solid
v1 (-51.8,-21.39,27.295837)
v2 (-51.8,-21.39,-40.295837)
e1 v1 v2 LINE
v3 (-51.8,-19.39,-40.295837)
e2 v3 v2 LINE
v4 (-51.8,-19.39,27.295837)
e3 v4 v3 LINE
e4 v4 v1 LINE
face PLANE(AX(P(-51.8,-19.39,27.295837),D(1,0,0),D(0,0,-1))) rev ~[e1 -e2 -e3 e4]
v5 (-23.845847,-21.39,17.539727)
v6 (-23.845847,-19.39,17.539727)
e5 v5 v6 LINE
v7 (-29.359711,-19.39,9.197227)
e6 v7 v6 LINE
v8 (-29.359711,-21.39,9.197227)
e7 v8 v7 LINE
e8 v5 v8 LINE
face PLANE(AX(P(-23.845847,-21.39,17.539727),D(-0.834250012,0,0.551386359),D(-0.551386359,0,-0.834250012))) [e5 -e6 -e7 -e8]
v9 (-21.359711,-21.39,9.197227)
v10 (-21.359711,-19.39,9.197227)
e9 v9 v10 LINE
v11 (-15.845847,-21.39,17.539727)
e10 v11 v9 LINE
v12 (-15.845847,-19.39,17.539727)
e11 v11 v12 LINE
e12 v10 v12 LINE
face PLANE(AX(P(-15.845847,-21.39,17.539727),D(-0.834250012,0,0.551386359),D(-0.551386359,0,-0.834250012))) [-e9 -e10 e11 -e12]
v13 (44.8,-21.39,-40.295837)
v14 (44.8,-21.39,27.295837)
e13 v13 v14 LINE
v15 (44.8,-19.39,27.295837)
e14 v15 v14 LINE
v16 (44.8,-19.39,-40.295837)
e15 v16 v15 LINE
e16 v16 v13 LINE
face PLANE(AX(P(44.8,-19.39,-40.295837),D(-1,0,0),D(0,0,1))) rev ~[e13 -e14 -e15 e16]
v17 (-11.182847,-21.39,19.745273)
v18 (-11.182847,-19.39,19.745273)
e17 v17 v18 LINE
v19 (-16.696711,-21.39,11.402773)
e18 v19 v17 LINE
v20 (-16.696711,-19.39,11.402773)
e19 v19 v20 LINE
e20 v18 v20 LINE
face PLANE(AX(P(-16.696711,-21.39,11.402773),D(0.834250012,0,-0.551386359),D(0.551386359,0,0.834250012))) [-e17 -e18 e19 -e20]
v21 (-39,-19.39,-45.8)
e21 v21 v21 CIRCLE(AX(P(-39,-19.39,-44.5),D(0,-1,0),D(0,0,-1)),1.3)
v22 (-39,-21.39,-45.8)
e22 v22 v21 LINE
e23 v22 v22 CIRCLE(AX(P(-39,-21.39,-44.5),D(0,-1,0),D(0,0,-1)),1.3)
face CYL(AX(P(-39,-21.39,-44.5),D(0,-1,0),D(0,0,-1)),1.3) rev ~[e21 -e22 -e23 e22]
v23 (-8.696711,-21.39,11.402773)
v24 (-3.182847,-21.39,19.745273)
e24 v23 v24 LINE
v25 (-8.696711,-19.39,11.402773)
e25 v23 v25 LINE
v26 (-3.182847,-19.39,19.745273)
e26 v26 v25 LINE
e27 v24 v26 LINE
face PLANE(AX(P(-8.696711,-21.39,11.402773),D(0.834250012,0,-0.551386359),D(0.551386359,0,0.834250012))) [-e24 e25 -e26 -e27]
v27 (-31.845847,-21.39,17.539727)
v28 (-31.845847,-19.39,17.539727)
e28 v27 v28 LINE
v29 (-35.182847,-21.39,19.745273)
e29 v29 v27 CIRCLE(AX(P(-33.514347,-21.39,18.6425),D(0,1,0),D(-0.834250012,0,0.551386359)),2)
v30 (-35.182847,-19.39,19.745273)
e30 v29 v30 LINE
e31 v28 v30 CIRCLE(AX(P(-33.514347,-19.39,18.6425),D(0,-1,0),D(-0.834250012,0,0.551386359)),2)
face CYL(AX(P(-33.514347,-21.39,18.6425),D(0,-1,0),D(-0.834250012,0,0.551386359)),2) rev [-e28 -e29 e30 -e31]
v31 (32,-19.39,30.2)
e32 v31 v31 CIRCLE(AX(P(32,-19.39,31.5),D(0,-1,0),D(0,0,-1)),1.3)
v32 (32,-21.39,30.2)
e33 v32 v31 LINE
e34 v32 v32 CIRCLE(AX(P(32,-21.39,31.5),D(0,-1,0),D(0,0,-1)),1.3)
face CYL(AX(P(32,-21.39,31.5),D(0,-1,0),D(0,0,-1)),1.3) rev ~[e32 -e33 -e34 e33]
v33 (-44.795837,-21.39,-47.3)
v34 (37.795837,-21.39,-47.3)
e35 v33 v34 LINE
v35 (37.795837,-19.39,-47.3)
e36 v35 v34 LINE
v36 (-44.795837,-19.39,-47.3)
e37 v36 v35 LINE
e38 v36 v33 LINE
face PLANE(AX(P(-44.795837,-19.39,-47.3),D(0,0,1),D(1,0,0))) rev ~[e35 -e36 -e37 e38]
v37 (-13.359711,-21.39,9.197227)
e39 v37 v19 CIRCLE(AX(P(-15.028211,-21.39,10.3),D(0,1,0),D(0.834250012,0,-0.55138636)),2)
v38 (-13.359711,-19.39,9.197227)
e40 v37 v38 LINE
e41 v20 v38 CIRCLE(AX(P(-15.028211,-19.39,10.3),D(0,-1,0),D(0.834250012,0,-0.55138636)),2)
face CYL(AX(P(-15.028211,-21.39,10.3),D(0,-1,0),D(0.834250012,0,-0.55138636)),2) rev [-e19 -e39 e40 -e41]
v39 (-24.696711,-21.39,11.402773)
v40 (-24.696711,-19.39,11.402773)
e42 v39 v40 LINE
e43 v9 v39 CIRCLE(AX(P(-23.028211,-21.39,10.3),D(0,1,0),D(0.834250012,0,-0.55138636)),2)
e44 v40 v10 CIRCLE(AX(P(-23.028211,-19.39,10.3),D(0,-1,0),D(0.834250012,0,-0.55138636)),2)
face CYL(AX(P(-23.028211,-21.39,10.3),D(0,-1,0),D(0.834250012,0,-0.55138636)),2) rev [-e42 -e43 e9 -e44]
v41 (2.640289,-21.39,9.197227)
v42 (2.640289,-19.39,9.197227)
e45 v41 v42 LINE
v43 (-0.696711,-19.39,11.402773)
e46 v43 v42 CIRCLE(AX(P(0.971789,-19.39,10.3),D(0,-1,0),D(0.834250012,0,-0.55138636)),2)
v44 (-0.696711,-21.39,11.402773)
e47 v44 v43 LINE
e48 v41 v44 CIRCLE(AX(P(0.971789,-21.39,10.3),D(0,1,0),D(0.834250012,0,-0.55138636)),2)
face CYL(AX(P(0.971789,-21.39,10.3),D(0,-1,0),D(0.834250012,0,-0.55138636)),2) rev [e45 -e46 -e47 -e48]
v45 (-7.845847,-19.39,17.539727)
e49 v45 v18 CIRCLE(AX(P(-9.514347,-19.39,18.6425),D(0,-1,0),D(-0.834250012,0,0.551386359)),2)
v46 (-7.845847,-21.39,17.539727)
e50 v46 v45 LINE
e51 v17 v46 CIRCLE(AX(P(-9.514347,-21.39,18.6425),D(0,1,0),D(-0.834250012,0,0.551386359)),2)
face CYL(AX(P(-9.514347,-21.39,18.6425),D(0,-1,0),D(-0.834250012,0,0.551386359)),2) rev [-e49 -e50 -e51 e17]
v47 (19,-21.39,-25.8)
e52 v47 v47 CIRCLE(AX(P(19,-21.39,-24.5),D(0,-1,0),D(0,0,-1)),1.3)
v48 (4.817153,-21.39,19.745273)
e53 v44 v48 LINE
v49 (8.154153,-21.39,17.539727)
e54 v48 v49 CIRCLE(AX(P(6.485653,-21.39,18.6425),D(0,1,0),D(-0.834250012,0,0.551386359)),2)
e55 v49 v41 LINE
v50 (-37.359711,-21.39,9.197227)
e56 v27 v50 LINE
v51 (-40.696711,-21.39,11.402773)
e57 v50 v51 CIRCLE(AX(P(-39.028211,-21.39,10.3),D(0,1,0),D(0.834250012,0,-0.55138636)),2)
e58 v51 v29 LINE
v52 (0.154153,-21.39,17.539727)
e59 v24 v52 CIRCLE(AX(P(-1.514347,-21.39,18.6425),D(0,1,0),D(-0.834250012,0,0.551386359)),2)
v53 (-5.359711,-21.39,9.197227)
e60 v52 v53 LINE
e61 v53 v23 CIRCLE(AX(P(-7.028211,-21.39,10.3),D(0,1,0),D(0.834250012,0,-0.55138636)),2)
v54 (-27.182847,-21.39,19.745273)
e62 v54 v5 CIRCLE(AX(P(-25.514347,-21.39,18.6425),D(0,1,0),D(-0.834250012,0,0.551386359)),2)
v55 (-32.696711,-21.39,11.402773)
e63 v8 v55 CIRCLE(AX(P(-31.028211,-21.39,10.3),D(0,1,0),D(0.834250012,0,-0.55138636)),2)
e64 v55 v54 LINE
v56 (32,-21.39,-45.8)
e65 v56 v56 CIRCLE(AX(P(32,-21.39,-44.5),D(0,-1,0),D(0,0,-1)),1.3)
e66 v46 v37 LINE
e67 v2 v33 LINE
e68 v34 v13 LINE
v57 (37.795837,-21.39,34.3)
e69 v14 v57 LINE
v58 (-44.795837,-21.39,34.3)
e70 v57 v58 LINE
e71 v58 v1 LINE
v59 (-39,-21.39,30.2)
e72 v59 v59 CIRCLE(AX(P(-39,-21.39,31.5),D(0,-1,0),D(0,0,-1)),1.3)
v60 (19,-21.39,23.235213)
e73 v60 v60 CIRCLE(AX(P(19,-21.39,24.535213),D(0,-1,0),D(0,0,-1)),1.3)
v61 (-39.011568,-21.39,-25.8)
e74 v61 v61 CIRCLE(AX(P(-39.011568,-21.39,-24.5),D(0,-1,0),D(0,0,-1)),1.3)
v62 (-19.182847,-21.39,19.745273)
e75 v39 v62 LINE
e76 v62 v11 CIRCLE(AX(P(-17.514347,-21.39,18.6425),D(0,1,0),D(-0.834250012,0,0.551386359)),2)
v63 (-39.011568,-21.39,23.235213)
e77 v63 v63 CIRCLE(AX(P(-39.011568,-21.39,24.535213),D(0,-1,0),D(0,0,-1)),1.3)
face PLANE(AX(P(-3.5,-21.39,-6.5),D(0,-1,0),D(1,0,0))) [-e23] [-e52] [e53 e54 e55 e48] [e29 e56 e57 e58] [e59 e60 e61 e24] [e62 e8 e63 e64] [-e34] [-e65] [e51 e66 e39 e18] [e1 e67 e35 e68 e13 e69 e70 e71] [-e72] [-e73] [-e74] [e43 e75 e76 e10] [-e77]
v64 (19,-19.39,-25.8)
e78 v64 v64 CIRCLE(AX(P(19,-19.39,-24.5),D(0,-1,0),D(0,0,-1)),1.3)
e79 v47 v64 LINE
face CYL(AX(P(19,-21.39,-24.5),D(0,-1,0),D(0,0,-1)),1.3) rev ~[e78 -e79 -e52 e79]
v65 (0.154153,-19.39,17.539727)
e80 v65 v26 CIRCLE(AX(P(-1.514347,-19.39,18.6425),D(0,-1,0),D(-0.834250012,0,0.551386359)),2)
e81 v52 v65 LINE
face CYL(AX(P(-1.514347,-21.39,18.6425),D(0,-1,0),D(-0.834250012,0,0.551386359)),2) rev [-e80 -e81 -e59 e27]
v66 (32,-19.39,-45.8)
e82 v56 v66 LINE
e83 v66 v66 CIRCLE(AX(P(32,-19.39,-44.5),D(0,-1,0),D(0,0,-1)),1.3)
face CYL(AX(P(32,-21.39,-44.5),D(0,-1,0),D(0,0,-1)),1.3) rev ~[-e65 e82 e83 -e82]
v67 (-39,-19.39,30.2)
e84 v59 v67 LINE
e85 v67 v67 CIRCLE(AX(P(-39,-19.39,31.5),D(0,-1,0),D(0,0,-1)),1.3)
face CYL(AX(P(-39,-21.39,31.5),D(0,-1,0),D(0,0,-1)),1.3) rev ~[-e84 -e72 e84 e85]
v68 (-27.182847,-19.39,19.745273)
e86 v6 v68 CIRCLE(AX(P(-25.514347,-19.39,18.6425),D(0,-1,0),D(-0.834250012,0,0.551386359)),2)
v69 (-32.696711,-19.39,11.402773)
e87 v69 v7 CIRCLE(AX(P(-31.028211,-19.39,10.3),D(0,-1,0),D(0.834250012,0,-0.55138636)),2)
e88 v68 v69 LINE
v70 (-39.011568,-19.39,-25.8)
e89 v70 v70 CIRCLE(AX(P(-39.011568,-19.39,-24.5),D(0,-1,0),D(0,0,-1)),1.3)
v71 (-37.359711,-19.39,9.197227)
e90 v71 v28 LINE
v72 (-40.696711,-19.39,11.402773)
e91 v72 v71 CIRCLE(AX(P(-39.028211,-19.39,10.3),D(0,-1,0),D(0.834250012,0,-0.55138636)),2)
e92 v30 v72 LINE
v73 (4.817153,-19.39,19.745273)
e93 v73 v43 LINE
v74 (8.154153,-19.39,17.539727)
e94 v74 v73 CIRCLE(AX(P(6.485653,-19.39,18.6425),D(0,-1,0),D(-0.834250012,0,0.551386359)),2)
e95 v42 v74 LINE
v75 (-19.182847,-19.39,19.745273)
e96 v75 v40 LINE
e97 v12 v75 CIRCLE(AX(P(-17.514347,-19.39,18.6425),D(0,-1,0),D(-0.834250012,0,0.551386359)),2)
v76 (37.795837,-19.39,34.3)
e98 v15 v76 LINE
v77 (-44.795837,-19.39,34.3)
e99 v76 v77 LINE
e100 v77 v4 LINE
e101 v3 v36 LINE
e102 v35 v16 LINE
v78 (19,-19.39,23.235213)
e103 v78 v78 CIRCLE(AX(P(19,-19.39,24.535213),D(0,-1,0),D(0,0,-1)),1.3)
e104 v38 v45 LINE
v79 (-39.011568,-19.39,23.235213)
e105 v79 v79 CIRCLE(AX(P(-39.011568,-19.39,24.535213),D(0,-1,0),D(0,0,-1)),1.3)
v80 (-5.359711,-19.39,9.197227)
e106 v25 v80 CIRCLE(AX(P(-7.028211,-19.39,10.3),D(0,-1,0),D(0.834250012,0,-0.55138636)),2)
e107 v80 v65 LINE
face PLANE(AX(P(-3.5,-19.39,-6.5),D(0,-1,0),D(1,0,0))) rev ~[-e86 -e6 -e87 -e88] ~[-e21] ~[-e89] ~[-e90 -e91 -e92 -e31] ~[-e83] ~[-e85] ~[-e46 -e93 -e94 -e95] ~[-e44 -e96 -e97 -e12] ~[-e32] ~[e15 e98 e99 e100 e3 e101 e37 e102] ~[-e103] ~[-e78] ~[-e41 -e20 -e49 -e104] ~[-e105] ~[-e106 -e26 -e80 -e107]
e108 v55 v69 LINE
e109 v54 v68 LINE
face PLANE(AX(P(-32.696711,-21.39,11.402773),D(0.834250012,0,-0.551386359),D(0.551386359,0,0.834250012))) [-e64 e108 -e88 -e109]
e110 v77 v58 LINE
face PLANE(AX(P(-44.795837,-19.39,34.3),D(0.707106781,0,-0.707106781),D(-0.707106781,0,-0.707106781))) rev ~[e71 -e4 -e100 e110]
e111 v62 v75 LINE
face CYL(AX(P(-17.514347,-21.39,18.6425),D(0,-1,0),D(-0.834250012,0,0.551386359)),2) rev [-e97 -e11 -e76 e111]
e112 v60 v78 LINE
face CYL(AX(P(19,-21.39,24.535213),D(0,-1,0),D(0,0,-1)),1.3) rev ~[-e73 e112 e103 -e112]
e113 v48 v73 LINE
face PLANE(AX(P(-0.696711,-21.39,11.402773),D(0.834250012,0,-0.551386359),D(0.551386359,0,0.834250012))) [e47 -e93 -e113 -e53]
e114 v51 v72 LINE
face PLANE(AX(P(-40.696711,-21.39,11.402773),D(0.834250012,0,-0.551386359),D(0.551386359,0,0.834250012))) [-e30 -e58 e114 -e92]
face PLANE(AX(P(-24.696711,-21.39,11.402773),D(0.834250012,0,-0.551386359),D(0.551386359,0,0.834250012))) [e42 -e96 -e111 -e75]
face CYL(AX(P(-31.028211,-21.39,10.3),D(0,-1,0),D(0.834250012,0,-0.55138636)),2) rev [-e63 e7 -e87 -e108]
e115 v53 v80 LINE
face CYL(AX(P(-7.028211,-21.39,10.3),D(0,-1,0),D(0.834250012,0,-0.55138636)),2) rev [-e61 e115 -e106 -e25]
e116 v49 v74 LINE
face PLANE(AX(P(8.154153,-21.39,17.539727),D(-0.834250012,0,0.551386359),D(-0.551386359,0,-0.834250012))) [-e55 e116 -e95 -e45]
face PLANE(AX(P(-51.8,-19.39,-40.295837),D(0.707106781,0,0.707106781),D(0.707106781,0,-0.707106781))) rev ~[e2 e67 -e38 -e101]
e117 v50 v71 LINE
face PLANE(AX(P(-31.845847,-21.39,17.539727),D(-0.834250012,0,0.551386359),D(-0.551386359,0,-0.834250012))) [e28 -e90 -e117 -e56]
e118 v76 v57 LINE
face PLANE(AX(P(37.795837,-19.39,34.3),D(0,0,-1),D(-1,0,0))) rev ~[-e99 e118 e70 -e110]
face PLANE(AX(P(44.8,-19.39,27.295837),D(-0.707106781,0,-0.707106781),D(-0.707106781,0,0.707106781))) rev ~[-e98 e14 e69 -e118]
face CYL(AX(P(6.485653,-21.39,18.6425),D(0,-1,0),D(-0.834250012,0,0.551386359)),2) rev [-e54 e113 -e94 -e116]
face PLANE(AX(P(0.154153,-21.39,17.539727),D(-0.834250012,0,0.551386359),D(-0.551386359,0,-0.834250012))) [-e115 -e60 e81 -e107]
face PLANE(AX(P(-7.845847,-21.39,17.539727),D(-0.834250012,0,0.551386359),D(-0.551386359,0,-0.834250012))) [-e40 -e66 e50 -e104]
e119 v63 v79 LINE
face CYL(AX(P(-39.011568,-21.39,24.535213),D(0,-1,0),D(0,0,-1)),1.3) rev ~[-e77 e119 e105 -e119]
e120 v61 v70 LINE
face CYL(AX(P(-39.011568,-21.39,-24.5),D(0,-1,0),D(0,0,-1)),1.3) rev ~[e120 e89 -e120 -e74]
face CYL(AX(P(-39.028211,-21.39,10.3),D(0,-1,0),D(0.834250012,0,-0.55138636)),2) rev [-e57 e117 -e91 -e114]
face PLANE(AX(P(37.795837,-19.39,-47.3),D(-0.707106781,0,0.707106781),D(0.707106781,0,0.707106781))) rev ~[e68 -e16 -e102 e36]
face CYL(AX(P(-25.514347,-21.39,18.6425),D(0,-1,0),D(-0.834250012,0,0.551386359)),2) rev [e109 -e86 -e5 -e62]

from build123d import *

# Parameters (mm, degrees)
EXTRUDE_1_DEPTH     = 2
CUT_EXTRUDE_1_REACH = 72.175
SKETCH_2_R          = 1.3
CUT_EXTRUDE_2_REACH = 72.175
SKETCH_3_R          = 1.3
CUT_EXTRUDE_3_REACH = 72.175


with BuildPart() as part:
    # 草图1 → 凸台-拉伸1 (new body)
    with BuildSketch(Plane.XZ.offset(19.39)):
        Polygon((-51.8, -40.295836944), (-44.795836944, -47.3), (37.795836944, -47.3), (44.8, -40.295836944), (44.8, 27.295836944), (37.795836944, 34.3), (-44.795836944, 34.3), (-51.8, 27.295836944), align=None)
    extrude(amount=EXTRUDE_1_DEPTH)

    # 草图2 → 切除-拉伸1 (cut, up to next)
    with BuildSketch(Plane.XZ.offset(21.39), mode=Mode.PRIVATE) as cut_extrude_1_sk1:
        with Locations(Location((-39.011567772, -24.5, 0), (0, 0, 270))):
            Circle(SKETCH_2_R)
    cut_extrude_1_tool1 = extrude(cut_extrude_1_sk1.sketch, amount=-CUT_EXTRUDE_1_REACH, mode=Mode.PRIVATE) & part.part
    # 草图2 → 切除-拉伸1 (cut, up to next)
    with BuildSketch(Plane.XZ.offset(21.39), mode=Mode.PRIVATE) as cut_extrude_1_sk2:
        with Locations(Location((19, -24.5, 0), (0, 0, 270))):
            Circle(SKETCH_2_R)
    cut_extrude_1_tool2 = extrude(cut_extrude_1_sk2.sketch, amount=-CUT_EXTRUDE_1_REACH, mode=Mode.PRIVATE) & part.part
    # 草图2 → 切除-拉伸1 (cut, up to next)
    with BuildSketch(Plane.XZ.offset(21.39), mode=Mode.PRIVATE) as cut_extrude_1_sk3:
        with Locations(Location((-39.011567772, 24.535212594, 0), (0, 0, 270))):
            Circle(SKETCH_2_R)
    cut_extrude_1_tool3 = extrude(cut_extrude_1_sk3.sketch, amount=-CUT_EXTRUDE_1_REACH, mode=Mode.PRIVATE) & part.part
    # 草图2 → 切除-拉伸1 (cut, up to next)
    with BuildSketch(Plane.XZ.offset(21.39), mode=Mode.PRIVATE) as cut_extrude_1_sk4:
        with Locations(Location((19, 24.535212594, 0), (0, 0, 270))):
            Circle(SKETCH_2_R)
    cut_extrude_1_tool4 = extrude(cut_extrude_1_sk4.sketch, amount=-CUT_EXTRUDE_1_REACH, mode=Mode.PRIVATE) & part.part
    add(cut_extrude_1_tool1.solids().sort_by_distance((-39.011568, -21.39, -24.5))[0], mode=Mode.SUBTRACT)
    add(cut_extrude_1_tool2.solids().sort_by_distance((19, -21.39, -24.5))[0], mode=Mode.SUBTRACT)
    add(cut_extrude_1_tool3.solids().sort_by_distance((-39.011568, -21.39, 24.535213))[0], mode=Mode.SUBTRACT)
    add(cut_extrude_1_tool4.solids().sort_by_distance((19, -21.39, 24.535213))[0], mode=Mode.SUBTRACT)

    # 草图3 → 切除-拉伸2 (cut, up to next)
    with BuildSketch(Plane.XZ.offset(21.39), mode=Mode.PRIVATE) as cut_extrude_2_sk1:
        with Locations(Location((32, -44.5, 0), (0, 0, 270))):
            Circle(SKETCH_3_R)
    cut_extrude_2_tool1 = extrude(cut_extrude_2_sk1.sketch, amount=-CUT_EXTRUDE_2_REACH, mode=Mode.PRIVATE) & part.part
    # 草图3 → 切除-拉伸2 (cut, up to next)
    with BuildSketch(Plane.XZ.offset(21.39), mode=Mode.PRIVATE) as cut_extrude_2_sk2:
        with Locations(Location((-39, -44.5, 0), (0, 0, 270))):
            Circle(SKETCH_3_R)
    cut_extrude_2_tool2 = extrude(cut_extrude_2_sk2.sketch, amount=-CUT_EXTRUDE_2_REACH, mode=Mode.PRIVATE) & part.part
    # 草图3 → 切除-拉伸2 (cut, up to next)
    with BuildSketch(Plane.XZ.offset(21.39), mode=Mode.PRIVATE) as cut_extrude_2_sk3:
        with Locations(Location((32, 31.5, 0), (0, 0, 270))):
            Circle(SKETCH_3_R)
    cut_extrude_2_tool3 = extrude(cut_extrude_2_sk3.sketch, amount=-CUT_EXTRUDE_2_REACH, mode=Mode.PRIVATE) & part.part
    # 草图3 → 切除-拉伸2 (cut, up to next)
    with BuildSketch(Plane.XZ.offset(21.39), mode=Mode.PRIVATE) as cut_extrude_2_sk4:
        with Locations(Location((-39, 31.5, 0), (0, 0, 270))):
            Circle(SKETCH_3_R)
    cut_extrude_2_tool4 = extrude(cut_extrude_2_sk4.sketch, amount=-CUT_EXTRUDE_2_REACH, mode=Mode.PRIVATE) & part.part
    add(cut_extrude_2_tool1.solids().sort_by_distance((32, -21.39, -44.5))[0], mode=Mode.SUBTRACT)
    add(cut_extrude_2_tool2.solids().sort_by_distance((-39, -21.39, -44.5))[0], mode=Mode.SUBTRACT)
    add(cut_extrude_2_tool3.solids().sort_by_distance((32, -21.39, 31.5))[0], mode=Mode.SUBTRACT)
    add(cut_extrude_2_tool4.solids().sort_by_distance((-39, -21.39, 31.5))[0], mode=Mode.SUBTRACT)

    # 草图4 → 切除-拉伸3 (cut, up to next)
    with BuildSketch(Plane.XZ.offset(21.39), mode=Mode.PRIVATE) as cut_extrude_3_sk1:
        with BuildLine():
            Line((-40.69671065, 11.402772719), (-35.182847057, 19.74527284))
            ThreePointArc((-35.182847057, 19.74527284), (-32.411574314, 20.311000146), (-31.845847008, 17.539727403))
            Line((-31.845847008, 17.539727403), (-37.359710601, 9.197227281))
            ThreePointArc((-37.359710601, 9.197227281), (-40.130983344, 8.631499976), (-40.69671065, 11.402772719))
        make_face()
    cut_extrude_3_tool1 = extrude(cut_extrude_3_sk1.sketch, amount=-CUT_EXTRUDE_3_REACH, mode=Mode.PRIVATE) & part.part
    # 草图4 → 切除-拉伸3 (cut, up to next)
    with BuildSketch(Plane.XZ.offset(21.39), mode=Mode.PRIVATE) as cut_extrude_3_sk2:
        with BuildLine():
            Line((-32.69671065, 11.402772719), (-27.182847057, 19.74527284))
            ThreePointArc((-27.182847057, 19.74527284), (-24.411574314, 20.311000146), (-23.845847008, 17.539727403))
            Line((-23.845847008, 17.539727403), (-29.359710601, 9.197227281))
            ThreePointArc((-29.359710601, 9.197227281), (-32.130983344, 8.631499976), (-32.69671065, 11.402772719))
        make_face()
    cut_extrude_3_tool2 = extrude(cut_extrude_3_sk2.sketch, amount=-CUT_EXTRUDE_3_REACH, mode=Mode.PRIVATE) & part.part
    # 草图4 → 切除-拉伸3 (cut, up to next)
    with BuildSketch(Plane.XZ.offset(21.39), mode=Mode.PRIVATE) as cut_extrude_3_sk3:
        with BuildLine():
            Line((-24.69671065, 11.402772719), (-19.182847057, 19.74527284))
            ThreePointArc((-19.182847057, 19.74527284), (-16.411574314, 20.311000146), (-15.845847008, 17.539727403))
            Line((-15.845847008, 17.539727403), (-21.359710601, 9.197227281))
            ThreePointArc((-21.359710601, 9.197227281), (-24.130983344, 8.631499976), (-24.69671065, 11.402772719))
        make_face()
    cut_extrude_3_tool3 = extrude(cut_extrude_3_sk3.sketch, amount=-CUT_EXTRUDE_3_REACH, mode=Mode.PRIVATE) & part.part
    # 草图4 → 切除-拉伸3 (cut, up to next)
    with BuildSketch(Plane.XZ.offset(21.39), mode=Mode.PRIVATE) as cut_extrude_3_sk4:
        with BuildLine():
            Line((-16.69671065, 11.402772719), (-11.182847057, 19.74527284))
            ThreePointArc((-11.182847057, 19.74527284), (-8.411574314, 20.311000146), (-7.845847008, 17.539727403))
            Line((-7.845847008, 17.539727403), (-13.359710601, 9.197227281))
            ThreePointArc((-13.359710601, 9.197227281), (-16.130983344, 8.631499976), (-16.69671065, 11.402772719))
        make_face()
    cut_extrude_3_tool4 = extrude(cut_extrude_3_sk4.sketch, amount=-CUT_EXTRUDE_3_REACH, mode=Mode.PRIVATE) & part.part
    # 草图4 → 切除-拉伸3 (cut, up to next)
    with BuildSketch(Plane.XZ.offset(21.39), mode=Mode.PRIVATE) as cut_extrude_3_sk5:
        with BuildLine():
            Line((-8.69671065, 11.402772719), (-3.182847057, 19.74527284))
            ThreePointArc((-3.182847057, 19.74527284), (-0.411574314, 20.311000146), (0.154152992, 17.539727403))
            Line((0.154152992, 17.539727403), (-5.359710601, 9.197227281))
            ThreePointArc((-5.359710601, 9.197227281), (-8.130983344, 8.631499976), (-8.69671065, 11.402772719))
        make_face()
    cut_extrude_3_tool5 = extrude(cut_extrude_3_sk5.sketch, amount=-CUT_EXTRUDE_3_REACH, mode=Mode.PRIVATE) & part.part
    # 草图4 → 切除-拉伸3 (cut, up to next)
    with BuildSketch(Plane.XZ.offset(21.39), mode=Mode.PRIVATE) as cut_extrude_3_sk6:
        with BuildLine():
            Line((-0.69671065, 11.402772719), (4.817152943, 19.74527284))
            ThreePointArc((4.817152943, 19.74527284), (7.588425686, 20.311000146), (8.154152992, 17.539727403))
            Line((8.154152992, 17.539727403), (2.640289399, 9.197227281))
            ThreePointArc((2.640289399, 9.197227281), (-0.130983344, 8.631499976), (-0.69671065, 11.402772719))
        make_face()
    cut_extrude_3_tool6 = extrude(cut_extrude_3_sk6.sketch, amount=-CUT_EXTRUDE_3_REACH, mode=Mode.PRIVATE) & part.part
    add(cut_extrude_3_tool1.solids().sort_by_distance((-36.271279, -21.39, 14.47125))[0], mode=Mode.SUBTRACT)
    add(cut_extrude_3_tool2.solids().sort_by_distance((-28.271279, -21.39, 14.47125))[0], mode=Mode.SUBTRACT)
    add(cut_extrude_3_tool3.solids().sort_by_distance((-20.271279, -21.39, 14.47125))[0], mode=Mode.SUBTRACT)
    add(cut_extrude_3_tool4.solids().sort_by_distance((-12.271279, -21.39, 14.47125))[0], mode=Mode.SUBTRACT)
    add(cut_extrude_3_tool5.solids().sort_by_distance((-4.271279, -21.39, 14.47125))[0], mode=Mode.SUBTRACT)
    add(cut_extrude_3_tool6.solids().sort_by_distance((3.728721, -21.39, 14.47125))[0], mode=Mode.SUBTRACT)


solid = part.part
